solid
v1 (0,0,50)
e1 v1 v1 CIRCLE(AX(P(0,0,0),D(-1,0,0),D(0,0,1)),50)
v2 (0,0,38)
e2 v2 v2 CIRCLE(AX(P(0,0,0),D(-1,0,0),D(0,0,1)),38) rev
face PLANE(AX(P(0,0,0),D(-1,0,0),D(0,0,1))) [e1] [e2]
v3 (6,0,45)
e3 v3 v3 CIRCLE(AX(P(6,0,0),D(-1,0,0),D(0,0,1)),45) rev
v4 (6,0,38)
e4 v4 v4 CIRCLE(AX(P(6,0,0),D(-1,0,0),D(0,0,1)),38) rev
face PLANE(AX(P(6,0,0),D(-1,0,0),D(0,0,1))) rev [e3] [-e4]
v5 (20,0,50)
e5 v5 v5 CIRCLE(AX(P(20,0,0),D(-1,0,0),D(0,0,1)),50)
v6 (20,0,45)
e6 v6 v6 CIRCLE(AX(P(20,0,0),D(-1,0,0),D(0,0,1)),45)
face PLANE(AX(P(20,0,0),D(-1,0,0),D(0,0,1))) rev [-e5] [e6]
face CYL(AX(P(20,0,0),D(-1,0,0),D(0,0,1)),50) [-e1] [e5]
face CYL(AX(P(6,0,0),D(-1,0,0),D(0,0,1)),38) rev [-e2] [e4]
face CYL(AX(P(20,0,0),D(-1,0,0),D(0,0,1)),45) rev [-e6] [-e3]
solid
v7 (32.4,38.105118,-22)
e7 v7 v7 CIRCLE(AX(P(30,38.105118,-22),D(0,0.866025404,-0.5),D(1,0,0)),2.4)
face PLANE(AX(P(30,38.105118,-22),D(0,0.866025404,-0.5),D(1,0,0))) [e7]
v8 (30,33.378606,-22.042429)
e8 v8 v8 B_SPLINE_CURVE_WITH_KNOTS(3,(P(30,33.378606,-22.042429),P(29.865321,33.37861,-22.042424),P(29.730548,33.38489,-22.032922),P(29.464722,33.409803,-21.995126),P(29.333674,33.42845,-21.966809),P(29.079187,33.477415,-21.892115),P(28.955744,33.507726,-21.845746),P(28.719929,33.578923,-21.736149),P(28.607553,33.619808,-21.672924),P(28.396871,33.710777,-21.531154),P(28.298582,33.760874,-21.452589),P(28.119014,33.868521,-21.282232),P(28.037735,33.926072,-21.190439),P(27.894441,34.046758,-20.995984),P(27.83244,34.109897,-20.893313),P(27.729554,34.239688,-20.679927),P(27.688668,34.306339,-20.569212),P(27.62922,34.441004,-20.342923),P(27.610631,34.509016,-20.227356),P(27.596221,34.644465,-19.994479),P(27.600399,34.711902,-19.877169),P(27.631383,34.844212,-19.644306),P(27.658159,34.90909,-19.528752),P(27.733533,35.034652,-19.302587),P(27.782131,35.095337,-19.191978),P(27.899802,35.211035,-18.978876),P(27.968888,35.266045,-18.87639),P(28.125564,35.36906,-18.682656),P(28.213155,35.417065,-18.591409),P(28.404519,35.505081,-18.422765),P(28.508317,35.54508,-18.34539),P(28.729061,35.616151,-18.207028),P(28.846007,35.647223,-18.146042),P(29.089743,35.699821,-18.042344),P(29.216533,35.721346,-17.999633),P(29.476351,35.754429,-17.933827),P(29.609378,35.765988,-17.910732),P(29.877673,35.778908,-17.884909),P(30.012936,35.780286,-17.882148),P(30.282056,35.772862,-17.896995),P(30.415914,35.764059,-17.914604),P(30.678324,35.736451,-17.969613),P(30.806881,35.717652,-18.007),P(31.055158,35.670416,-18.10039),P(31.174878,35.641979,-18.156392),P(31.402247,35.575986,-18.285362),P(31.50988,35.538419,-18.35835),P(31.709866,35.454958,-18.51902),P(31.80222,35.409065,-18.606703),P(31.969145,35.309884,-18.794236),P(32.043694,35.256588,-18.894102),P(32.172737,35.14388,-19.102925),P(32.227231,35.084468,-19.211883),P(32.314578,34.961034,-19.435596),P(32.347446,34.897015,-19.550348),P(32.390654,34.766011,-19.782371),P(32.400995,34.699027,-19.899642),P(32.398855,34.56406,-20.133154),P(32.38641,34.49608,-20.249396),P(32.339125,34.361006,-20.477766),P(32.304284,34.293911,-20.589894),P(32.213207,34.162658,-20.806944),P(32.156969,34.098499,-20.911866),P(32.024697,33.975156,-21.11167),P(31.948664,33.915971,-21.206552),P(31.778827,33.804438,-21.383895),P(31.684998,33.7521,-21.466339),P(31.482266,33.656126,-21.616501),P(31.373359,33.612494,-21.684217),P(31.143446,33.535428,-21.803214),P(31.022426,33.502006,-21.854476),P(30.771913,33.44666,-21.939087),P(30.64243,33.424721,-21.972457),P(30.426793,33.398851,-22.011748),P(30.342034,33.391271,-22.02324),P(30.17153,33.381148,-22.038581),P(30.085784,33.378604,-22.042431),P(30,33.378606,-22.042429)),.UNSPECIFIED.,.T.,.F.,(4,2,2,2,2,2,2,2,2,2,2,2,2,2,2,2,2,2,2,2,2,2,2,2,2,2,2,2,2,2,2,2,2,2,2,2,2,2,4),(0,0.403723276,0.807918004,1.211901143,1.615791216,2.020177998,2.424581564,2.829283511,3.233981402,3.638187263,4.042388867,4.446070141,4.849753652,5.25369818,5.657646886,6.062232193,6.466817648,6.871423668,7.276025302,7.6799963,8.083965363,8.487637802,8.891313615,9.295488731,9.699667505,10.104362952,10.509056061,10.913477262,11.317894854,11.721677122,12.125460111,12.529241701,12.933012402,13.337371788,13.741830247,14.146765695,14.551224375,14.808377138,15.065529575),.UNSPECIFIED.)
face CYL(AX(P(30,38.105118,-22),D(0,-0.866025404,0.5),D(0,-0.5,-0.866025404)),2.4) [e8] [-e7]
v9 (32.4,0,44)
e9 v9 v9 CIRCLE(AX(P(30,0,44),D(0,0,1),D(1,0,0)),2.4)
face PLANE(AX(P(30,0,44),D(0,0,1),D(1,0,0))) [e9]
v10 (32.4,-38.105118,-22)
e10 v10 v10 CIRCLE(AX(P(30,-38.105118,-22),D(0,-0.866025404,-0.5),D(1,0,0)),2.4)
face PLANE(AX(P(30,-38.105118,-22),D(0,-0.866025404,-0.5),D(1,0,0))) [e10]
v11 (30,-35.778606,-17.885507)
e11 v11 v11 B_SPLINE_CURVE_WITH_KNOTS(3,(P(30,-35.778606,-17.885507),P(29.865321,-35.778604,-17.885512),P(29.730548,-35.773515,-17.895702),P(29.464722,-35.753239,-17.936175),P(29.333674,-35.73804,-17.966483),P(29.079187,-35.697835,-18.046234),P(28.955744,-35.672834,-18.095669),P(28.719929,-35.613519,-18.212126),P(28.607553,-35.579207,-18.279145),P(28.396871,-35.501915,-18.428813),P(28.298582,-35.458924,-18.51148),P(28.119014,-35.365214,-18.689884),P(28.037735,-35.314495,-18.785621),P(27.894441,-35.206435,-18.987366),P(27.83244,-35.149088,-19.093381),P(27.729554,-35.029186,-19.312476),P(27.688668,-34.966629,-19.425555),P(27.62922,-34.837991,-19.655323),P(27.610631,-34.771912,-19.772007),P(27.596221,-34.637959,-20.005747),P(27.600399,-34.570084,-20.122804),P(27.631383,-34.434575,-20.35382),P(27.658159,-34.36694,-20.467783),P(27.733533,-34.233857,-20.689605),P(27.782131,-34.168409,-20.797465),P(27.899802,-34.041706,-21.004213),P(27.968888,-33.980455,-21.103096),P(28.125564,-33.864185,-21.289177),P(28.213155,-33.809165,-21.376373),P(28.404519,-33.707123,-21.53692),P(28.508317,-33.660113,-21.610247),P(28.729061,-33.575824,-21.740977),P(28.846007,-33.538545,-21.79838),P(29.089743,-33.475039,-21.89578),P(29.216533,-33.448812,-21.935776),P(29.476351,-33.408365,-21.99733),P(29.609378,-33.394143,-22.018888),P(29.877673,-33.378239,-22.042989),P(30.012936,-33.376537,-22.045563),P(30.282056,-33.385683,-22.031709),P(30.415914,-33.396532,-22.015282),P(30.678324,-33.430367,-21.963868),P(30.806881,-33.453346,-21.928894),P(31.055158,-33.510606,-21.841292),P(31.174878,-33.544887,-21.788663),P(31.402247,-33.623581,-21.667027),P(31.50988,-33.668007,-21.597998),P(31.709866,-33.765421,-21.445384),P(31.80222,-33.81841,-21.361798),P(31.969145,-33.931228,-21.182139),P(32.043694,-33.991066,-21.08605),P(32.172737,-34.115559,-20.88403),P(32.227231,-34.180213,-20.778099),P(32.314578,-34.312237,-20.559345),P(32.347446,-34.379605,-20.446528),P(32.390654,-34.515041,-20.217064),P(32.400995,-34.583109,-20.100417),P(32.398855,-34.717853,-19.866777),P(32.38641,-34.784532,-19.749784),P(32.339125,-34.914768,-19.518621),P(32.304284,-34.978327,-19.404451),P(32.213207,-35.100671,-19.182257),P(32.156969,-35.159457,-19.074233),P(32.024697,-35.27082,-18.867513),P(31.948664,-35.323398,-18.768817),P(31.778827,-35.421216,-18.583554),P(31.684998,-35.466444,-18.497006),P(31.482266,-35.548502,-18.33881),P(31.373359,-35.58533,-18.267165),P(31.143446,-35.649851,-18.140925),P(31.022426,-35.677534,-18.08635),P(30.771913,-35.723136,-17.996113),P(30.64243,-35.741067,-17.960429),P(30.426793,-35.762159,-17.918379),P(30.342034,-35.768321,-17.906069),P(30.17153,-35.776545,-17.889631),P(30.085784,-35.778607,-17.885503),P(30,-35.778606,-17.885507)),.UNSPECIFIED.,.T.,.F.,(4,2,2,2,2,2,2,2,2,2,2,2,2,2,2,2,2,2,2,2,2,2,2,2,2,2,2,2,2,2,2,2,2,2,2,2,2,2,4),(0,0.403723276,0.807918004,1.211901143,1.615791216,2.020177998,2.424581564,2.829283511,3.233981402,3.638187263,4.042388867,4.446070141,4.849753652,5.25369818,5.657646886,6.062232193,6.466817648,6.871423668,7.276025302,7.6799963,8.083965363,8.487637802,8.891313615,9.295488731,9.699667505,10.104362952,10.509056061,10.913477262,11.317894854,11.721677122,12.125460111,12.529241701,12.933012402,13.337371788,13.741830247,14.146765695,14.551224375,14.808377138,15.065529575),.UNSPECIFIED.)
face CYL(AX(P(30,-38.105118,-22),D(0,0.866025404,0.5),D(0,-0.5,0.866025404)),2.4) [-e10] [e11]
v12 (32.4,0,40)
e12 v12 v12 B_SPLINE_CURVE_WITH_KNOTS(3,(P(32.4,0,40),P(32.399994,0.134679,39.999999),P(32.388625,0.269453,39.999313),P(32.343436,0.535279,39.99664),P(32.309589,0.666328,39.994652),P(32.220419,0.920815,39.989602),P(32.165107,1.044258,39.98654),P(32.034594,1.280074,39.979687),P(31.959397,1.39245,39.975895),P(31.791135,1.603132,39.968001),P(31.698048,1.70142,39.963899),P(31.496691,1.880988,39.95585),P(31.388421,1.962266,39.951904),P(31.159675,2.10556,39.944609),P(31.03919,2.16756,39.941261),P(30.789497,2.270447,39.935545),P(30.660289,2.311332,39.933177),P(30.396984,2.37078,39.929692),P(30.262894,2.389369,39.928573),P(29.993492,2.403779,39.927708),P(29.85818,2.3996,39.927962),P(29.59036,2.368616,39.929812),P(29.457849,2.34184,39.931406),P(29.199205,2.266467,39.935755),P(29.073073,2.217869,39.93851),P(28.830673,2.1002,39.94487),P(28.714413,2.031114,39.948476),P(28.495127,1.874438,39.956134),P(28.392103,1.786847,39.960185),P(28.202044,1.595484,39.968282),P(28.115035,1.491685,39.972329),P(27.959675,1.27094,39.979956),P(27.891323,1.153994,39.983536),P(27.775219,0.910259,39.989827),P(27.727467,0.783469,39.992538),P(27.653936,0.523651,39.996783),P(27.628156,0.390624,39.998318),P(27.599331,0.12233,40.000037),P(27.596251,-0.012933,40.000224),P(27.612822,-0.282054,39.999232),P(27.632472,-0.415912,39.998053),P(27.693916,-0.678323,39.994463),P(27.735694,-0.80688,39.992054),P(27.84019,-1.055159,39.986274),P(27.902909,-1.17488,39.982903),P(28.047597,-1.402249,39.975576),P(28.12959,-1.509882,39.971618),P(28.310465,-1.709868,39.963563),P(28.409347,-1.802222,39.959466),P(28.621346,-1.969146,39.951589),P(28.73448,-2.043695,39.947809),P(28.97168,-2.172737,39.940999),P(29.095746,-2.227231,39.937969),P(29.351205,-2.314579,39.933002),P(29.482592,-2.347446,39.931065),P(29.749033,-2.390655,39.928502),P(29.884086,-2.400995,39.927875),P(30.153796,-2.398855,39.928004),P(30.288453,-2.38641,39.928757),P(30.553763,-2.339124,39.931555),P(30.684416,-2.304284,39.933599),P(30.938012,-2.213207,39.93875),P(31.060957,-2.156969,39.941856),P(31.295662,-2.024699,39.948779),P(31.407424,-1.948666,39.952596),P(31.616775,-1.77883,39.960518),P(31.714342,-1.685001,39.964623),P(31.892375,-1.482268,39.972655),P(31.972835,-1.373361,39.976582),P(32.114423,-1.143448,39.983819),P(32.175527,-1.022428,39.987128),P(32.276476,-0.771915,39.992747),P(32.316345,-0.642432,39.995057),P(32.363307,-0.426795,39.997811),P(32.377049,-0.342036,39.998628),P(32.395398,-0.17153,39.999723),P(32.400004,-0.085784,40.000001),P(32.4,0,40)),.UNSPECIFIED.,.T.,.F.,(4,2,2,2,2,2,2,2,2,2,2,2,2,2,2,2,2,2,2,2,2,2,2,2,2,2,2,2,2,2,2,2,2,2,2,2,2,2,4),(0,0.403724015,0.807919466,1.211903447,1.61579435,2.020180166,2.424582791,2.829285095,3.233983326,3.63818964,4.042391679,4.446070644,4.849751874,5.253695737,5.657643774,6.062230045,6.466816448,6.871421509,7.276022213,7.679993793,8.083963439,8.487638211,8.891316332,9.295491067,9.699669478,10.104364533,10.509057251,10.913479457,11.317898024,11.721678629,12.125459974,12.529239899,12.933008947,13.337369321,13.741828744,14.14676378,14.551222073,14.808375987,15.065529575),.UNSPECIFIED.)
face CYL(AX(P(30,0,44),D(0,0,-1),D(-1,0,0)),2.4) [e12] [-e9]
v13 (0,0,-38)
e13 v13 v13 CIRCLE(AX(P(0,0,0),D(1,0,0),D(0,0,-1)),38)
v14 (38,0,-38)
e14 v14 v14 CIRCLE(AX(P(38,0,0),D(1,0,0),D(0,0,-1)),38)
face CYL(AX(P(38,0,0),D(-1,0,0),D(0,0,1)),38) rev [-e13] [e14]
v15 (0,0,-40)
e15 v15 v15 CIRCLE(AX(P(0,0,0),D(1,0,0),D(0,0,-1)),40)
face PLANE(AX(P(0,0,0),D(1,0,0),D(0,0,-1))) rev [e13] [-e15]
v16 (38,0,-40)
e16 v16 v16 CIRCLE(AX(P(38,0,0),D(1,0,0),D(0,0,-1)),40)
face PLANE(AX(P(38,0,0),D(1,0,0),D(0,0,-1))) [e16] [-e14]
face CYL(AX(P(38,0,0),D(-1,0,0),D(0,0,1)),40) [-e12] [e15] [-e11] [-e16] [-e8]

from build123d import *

# Parameters (mm, degrees)
SKETCH1_R           = 40
SKETCH1_R_2         = 38
BOSS_EXTRUDE1_DEPTH = 38
SKETCH2_R           = 2.4
BOSS_EXTRUDE3_DEPTH = 44
CIRPATTERN1_COUNT   = 3
SKETCH1_3_R         = 38
CUT_EXTRUDE2_DEPTH  = 71.56911523
SKETCH3_R           = 50
SKETCH3_R_2         = 45
BOSS_EXTRUDE4_DEPTH = 20
SKETCH3_4_R         = 45
SKETCH3_4_R_2       = 38
BOSS_EXTRUDE5_DEPTH = 6


with BuildPart() as part:
    # Sketch1 → Boss-Extrude1 (new body)
    with BuildSketch(Plane(origin=(0, 0, 0), x_dir=(0, 0, -1), z_dir=(1, 0, 0))):
        Circle(SKETCH1_R)
        Circle(SKETCH1_R_2, mode=Mode.SUBTRACT)
    extrude(amount=BOSS_EXTRUDE1_DEPTH)

    # Sketch2 → Boss-Extrude3 (add)
    with BuildSketch(Plane.XY):
        with Locations((30, 0)):
            Circle(SKETCH2_R)
    boss_extrude3 = extrude(amount=BOSS_EXTRUDE3_DEPTH)

    # CirPattern1: Boss-Extrude3 ×3 about axis
    cirpattern1_axis = Axis((38, 0, 0), (1, 0, 0))
    for i in range(1, CIRPATTERN1_COUNT):
        add(boss_extrude3.rotate(cirpattern1_axis, i * 360 / CIRPATTERN1_COUNT))

    # Sketch1<3> → Cut-Extrude2 (cut, through all)
    with BuildSketch(Plane(origin=(0, 0, 0), x_dir=(0, 0, -1), z_dir=(1, 0, 0))):
        Circle(SKETCH1_3_R)
    extrude(amount=CUT_EXTRUDE2_DEPTH, mode=Mode.SUBTRACT)


with BuildPart() as body_2:
    # Sketch3 → Boss-Extrude4 (new body)
    with BuildSketch(Plane.ZY):
        Circle(SKETCH3_R)
        Circle(SKETCH3_R_2, mode=Mode.SUBTRACT)
    extrude(amount=-BOSS_EXTRUDE4_DEPTH)

    # Sketch3<4> → Boss-Extrude5 (add)
    with BuildSketch(Plane.ZY):
        Circle(SKETCH3_4_R)
        Circle(SKETCH3_4_R_2, mode=Mode.SUBTRACT)
    extrude(amount=-BOSS_EXTRUDE5_DEPTH)


solid = Compound([part.part, body_2.part])
